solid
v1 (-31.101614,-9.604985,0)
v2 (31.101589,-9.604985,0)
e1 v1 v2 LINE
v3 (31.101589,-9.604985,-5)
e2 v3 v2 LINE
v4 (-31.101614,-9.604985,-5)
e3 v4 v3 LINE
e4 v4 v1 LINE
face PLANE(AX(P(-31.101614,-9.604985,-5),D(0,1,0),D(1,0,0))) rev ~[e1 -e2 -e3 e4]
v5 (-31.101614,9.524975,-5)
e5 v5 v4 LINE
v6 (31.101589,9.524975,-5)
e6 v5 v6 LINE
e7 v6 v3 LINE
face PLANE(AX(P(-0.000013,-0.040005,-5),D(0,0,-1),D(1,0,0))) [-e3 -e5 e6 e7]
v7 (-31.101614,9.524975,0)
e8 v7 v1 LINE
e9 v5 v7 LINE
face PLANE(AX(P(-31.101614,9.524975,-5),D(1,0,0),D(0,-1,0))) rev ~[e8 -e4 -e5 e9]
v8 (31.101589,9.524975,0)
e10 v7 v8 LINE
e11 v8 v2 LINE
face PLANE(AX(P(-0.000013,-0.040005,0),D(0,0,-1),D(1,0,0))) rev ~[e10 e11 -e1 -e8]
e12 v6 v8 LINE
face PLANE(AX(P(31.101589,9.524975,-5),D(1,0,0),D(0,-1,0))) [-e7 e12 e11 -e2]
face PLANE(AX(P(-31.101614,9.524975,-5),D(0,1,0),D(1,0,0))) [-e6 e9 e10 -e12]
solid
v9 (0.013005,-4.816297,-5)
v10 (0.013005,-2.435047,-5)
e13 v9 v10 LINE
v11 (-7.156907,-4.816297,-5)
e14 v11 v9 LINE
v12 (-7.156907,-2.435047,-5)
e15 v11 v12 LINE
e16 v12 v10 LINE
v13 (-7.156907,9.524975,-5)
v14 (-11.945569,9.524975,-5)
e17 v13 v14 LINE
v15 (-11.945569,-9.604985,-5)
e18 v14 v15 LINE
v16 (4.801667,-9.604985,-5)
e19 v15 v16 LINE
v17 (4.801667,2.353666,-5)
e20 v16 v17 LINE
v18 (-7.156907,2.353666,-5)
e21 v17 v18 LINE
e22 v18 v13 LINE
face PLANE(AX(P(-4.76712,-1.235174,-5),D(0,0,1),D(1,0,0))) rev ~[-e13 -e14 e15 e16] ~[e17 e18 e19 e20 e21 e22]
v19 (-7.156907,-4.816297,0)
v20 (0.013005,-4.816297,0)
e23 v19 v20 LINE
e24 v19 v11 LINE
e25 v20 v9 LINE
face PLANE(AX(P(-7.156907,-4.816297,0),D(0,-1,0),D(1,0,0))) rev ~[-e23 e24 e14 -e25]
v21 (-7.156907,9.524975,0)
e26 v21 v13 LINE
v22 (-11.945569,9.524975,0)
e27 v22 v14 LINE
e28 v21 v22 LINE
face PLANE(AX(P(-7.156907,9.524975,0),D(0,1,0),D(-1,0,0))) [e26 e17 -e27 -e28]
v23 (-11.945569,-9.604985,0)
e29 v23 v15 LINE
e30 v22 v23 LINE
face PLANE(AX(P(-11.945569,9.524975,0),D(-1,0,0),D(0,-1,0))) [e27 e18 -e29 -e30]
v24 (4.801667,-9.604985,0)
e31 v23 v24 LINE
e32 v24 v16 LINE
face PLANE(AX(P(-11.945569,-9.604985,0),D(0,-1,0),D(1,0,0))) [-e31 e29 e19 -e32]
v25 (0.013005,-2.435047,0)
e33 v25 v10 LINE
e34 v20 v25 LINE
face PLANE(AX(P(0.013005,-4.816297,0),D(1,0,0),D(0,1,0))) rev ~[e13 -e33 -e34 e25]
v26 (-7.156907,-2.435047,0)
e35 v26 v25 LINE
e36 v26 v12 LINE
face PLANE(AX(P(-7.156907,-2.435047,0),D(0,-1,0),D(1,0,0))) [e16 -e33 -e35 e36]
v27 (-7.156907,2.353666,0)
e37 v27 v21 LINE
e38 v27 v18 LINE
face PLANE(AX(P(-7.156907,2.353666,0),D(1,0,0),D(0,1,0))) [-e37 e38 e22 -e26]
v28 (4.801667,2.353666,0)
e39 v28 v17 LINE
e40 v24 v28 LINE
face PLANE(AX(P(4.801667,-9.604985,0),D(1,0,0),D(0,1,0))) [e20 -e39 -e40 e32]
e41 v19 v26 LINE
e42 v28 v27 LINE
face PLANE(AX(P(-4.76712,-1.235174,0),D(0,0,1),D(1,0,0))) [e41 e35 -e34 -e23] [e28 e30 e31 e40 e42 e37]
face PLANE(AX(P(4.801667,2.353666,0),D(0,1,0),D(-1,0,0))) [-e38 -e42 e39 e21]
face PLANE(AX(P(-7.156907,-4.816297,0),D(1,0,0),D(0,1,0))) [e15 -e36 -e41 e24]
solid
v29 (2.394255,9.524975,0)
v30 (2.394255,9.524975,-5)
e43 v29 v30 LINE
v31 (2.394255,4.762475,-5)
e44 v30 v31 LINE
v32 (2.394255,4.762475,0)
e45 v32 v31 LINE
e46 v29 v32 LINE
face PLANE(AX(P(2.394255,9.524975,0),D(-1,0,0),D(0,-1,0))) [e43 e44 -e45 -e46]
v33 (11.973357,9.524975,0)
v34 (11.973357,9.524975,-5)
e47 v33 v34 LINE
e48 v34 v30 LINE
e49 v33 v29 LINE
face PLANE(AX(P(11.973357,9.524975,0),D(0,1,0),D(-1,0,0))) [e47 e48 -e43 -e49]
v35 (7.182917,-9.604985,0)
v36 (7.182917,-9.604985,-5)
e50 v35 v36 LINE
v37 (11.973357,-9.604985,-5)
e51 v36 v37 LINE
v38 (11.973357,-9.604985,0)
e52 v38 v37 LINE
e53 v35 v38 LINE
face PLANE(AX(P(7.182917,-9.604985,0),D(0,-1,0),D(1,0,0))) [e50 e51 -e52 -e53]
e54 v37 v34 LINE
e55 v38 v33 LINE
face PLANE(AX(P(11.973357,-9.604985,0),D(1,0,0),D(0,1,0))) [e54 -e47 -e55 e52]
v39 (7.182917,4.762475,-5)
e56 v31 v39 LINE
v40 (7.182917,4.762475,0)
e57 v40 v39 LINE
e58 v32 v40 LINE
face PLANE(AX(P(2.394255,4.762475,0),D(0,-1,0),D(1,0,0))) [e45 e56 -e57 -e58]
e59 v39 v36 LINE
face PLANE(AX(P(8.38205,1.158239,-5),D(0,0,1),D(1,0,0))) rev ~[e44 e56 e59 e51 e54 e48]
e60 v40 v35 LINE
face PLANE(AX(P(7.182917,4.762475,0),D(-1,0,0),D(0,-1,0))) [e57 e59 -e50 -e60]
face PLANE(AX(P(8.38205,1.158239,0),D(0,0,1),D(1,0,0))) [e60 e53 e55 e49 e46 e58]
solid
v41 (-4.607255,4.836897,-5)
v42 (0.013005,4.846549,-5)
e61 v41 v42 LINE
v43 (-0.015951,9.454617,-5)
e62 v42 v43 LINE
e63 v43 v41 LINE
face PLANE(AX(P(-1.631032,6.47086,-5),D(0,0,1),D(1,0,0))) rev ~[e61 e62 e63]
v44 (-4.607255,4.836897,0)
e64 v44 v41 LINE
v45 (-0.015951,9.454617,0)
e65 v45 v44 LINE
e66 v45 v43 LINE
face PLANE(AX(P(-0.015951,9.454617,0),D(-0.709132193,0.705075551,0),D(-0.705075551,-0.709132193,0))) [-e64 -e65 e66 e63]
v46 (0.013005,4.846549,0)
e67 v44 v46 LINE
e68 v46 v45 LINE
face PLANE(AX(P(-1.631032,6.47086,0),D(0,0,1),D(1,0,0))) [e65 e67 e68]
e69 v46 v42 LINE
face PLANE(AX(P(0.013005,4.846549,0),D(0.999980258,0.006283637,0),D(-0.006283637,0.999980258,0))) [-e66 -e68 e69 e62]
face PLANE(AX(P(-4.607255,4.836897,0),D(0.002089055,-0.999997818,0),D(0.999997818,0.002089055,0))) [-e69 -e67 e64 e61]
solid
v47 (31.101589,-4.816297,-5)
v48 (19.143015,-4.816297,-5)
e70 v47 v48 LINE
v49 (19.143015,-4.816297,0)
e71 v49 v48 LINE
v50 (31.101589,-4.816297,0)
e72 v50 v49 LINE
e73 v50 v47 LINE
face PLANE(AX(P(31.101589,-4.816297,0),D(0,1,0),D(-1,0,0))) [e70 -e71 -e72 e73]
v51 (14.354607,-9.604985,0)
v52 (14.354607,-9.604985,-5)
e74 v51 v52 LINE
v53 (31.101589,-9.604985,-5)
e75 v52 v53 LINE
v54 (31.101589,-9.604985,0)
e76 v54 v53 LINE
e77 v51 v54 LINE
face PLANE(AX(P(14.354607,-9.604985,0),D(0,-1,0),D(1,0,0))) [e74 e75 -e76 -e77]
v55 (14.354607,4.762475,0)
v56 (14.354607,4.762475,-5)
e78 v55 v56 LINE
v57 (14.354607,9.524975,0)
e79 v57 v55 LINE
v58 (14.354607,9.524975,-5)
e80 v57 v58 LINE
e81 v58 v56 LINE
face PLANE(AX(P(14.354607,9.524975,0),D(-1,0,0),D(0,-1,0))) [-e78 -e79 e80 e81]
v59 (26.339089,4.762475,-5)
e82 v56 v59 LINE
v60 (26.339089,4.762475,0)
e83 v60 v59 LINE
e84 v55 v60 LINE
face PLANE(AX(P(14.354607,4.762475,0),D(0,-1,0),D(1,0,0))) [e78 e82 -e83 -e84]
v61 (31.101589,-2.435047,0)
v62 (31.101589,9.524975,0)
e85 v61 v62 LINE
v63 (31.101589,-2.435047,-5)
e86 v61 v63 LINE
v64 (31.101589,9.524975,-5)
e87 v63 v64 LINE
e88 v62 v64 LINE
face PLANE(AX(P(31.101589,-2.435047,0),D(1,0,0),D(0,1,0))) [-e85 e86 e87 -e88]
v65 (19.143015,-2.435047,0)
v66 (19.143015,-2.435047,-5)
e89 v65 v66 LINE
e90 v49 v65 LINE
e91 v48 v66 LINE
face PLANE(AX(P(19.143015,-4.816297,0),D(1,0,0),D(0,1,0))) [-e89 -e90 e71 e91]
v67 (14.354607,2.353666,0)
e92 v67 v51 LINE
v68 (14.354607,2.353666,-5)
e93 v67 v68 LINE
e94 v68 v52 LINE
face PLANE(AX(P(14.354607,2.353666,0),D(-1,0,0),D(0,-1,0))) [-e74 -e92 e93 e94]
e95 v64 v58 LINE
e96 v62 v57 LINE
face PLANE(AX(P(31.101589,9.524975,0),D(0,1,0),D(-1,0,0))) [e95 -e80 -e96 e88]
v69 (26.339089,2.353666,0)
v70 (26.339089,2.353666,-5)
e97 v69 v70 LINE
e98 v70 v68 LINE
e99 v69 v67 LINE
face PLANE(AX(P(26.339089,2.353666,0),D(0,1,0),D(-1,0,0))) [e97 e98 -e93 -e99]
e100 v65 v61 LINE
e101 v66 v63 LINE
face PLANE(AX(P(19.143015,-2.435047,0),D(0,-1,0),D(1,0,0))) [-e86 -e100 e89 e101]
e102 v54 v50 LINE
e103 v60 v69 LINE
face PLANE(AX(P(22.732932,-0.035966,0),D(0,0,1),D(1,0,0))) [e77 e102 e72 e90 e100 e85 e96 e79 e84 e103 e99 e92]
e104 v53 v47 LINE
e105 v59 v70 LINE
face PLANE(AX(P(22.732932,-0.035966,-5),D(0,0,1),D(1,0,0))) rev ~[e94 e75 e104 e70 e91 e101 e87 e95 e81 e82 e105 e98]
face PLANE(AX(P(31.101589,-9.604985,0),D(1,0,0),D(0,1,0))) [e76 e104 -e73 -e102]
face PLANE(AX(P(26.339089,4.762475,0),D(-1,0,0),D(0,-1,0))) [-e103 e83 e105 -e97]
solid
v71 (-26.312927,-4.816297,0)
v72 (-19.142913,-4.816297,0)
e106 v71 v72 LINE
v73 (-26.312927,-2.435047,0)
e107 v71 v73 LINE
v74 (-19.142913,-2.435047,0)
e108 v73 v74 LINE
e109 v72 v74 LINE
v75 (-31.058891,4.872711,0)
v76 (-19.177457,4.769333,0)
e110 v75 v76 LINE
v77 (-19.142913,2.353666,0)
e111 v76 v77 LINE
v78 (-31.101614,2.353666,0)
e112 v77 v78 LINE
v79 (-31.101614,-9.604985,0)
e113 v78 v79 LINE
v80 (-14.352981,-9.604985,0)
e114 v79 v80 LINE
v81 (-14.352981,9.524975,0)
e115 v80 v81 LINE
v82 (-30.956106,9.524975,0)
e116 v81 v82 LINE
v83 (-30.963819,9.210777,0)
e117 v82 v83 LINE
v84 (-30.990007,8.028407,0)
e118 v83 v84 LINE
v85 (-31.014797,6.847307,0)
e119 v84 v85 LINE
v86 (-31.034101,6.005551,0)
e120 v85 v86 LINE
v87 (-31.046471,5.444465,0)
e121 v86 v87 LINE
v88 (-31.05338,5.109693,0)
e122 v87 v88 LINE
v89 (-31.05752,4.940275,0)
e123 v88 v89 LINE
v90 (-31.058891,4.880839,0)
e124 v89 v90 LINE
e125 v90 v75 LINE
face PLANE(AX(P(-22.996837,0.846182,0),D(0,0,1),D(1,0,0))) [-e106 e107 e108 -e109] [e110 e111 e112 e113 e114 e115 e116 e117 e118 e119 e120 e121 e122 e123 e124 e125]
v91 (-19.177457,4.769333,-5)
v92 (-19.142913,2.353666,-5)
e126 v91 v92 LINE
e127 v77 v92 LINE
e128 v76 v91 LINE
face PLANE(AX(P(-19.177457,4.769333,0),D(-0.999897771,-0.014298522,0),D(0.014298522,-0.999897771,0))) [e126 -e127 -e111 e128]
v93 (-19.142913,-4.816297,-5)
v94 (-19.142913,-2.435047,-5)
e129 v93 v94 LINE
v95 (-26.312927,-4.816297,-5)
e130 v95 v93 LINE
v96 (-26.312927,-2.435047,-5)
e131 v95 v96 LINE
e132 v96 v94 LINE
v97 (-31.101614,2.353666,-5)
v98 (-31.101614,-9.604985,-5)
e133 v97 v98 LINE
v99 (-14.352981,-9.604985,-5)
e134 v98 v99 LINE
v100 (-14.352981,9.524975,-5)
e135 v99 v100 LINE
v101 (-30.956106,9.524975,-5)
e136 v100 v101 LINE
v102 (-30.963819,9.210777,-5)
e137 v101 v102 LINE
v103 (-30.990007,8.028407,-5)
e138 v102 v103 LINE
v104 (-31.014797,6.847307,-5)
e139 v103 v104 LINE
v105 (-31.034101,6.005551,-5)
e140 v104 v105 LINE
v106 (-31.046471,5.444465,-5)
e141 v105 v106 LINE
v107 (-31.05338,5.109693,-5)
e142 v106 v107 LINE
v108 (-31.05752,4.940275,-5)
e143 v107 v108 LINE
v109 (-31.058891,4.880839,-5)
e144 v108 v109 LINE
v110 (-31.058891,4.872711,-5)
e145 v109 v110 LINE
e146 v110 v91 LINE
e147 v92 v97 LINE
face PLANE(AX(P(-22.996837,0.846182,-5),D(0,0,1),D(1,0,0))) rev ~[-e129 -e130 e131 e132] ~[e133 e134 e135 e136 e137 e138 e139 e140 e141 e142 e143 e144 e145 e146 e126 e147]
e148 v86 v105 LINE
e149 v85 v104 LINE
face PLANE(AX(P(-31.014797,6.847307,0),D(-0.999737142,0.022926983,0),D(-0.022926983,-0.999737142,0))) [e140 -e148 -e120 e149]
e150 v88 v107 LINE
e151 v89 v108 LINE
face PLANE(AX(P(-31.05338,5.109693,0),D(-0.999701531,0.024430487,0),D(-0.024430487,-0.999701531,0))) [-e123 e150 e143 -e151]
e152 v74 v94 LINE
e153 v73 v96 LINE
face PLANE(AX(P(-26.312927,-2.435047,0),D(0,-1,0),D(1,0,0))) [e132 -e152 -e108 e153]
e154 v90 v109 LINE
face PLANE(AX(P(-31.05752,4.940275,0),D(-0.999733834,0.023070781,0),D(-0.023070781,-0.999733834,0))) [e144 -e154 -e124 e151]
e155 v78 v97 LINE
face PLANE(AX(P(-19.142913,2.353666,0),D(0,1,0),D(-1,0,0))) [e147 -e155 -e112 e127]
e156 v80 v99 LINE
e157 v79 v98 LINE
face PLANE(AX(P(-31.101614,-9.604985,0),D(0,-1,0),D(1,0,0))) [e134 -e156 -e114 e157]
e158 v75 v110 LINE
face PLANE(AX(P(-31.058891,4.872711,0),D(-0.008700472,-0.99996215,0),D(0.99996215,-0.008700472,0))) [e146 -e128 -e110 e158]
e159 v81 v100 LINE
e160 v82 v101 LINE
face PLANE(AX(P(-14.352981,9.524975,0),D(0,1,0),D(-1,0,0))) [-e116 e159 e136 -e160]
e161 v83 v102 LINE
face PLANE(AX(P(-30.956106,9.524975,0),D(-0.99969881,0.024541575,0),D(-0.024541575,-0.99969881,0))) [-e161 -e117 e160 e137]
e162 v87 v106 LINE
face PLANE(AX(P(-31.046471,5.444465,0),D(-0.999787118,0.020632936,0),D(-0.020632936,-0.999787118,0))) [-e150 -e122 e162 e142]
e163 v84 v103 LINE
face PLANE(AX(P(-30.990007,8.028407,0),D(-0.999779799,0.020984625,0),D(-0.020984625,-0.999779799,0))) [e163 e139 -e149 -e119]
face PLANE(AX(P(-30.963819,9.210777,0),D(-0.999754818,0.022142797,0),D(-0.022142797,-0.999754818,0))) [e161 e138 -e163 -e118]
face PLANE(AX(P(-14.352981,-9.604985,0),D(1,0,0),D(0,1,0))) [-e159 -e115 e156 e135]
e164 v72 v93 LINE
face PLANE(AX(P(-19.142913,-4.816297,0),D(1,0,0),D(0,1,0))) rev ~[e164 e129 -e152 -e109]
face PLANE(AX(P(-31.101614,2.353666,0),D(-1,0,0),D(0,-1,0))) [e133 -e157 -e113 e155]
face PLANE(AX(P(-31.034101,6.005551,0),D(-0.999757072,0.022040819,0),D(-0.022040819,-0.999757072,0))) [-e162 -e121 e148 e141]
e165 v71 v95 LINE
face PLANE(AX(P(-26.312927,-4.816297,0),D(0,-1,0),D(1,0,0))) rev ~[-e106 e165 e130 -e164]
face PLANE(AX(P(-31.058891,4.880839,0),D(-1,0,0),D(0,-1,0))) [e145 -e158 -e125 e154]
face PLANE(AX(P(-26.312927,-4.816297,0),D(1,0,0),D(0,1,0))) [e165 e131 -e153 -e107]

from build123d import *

# Parameters (mm, degrees)
F1_DEPTH = 5
F0_W     = 7.169912
F0_H     = 2.38125
F0_W_2   = 7.1700136
F3_W     = 62.203203
F3_H     = 19.1299592
F4_DEPTH = 5


with BuildPart() as f1:
    # F0 (on Top) → F1 (new body)
    with BuildSketch(Plane.XY):
        Polygon((19.1430148, -2.4350472), (31.1015888, -2.4350472), (31.1015888, 9.5249746), (14.3546068, 9.5249746), (14.3546068, 4.7624746), (26.3390888, 4.7624746), (26.3390888, 2.3536656), (14.3546068, 2.3536656), (14.3546068, -9.6049846), (31.1015888, -9.6049846), (31.1015888, -4.8162972), (19.1430148, -4.8162972), align=None)
    extrude(amount=-F1_DEPTH)


with BuildPart() as f1b:
    # F0 (on Top) → F1, piece 2 (new body)
    with BuildSketch(Plane.XY):
        Polygon((2.3942548, 4.7624746), (7.1829168, 4.7624746), (7.1829168, -9.6049846), (11.9733568, -9.6049846), (11.9733568, 9.5249746), (2.3942548, 9.5249746), align=None)
    extrude(amount=-F1_DEPTH)


with BuildPart() as f1c:
    # F0 (on Top) → F1, piece 3 (new body)
    with BuildSketch(Plane.XY):
        Polygon((-4.6072552, 4.8368966), (0.0130048, 4.8465486), (-0.0159512, 9.4546166), align=None)
    extrude(amount=-F1_DEPTH)


with BuildPart() as f1d:
    # F0 (on Top) → F1, piece 4 (new body)
    with BuildSketch(Plane.XY):
        Polygon((-7.1569072, 9.5249746), (-11.9455692, 9.5249746), (-11.9455692, -9.6049846), (4.8016668, -9.6049846), (4.8016668, 2.3536656), (-7.1569072, 2.3536656), align=None)
        with Locations((-3.5719512, -3.6256722)):
            Rectangle(F0_W, F0_H, mode=Mode.SUBTRACT)
    extrude(amount=-F1_DEPTH)


with BuildPart() as f1e:
    # F0 (on Top) → F1, piece 5 (new body)
    with BuildSketch(Plane.XY):
        Polygon((-14.3529812, 9.5249746), (-30.956105963, 9.5249746), (-30.9638192, 9.2107766), (-30.9900066, 8.0284066), (-31.014797, 6.8473066), (-31.034101, 6.0055506), (-31.0464708, 5.4444646), (-31.0533796, 5.1096926), (-31.0575198, 4.9402746), (-31.0588914, 4.8808386), (-31.0588914, 4.8727106), (-19.1774572, 4.7693326), (-19.1429132, 2.3536656), (-31.1016142, 2.3536656), (-31.1016142, -9.6049846), (-14.3529812, -9.6049846), align=None)
        with Locations((-22.72792, -3.6256722)):
            Rectangle(F0_W_2, F0_H, mode=Mode.SUBTRACT)
    extrude(amount=-F1_DEPTH)


with BuildPart() as f4:
    # F3 (on offset) → F4 (new body)
    with BuildSketch(Plane(origin=(0, 0, -5), x_dir=(1, 0, 0), z_dir=(0, 0, -1))):
        with Locations((-1.27e-05, 0.040005)):
            Rectangle(F3_W, F3_H)
    extrude(amount=-F4_DEPTH)


solid = Compound([f1.part, f1b.part, f1c.part, f1d.part, f1e.part, f4.part])
